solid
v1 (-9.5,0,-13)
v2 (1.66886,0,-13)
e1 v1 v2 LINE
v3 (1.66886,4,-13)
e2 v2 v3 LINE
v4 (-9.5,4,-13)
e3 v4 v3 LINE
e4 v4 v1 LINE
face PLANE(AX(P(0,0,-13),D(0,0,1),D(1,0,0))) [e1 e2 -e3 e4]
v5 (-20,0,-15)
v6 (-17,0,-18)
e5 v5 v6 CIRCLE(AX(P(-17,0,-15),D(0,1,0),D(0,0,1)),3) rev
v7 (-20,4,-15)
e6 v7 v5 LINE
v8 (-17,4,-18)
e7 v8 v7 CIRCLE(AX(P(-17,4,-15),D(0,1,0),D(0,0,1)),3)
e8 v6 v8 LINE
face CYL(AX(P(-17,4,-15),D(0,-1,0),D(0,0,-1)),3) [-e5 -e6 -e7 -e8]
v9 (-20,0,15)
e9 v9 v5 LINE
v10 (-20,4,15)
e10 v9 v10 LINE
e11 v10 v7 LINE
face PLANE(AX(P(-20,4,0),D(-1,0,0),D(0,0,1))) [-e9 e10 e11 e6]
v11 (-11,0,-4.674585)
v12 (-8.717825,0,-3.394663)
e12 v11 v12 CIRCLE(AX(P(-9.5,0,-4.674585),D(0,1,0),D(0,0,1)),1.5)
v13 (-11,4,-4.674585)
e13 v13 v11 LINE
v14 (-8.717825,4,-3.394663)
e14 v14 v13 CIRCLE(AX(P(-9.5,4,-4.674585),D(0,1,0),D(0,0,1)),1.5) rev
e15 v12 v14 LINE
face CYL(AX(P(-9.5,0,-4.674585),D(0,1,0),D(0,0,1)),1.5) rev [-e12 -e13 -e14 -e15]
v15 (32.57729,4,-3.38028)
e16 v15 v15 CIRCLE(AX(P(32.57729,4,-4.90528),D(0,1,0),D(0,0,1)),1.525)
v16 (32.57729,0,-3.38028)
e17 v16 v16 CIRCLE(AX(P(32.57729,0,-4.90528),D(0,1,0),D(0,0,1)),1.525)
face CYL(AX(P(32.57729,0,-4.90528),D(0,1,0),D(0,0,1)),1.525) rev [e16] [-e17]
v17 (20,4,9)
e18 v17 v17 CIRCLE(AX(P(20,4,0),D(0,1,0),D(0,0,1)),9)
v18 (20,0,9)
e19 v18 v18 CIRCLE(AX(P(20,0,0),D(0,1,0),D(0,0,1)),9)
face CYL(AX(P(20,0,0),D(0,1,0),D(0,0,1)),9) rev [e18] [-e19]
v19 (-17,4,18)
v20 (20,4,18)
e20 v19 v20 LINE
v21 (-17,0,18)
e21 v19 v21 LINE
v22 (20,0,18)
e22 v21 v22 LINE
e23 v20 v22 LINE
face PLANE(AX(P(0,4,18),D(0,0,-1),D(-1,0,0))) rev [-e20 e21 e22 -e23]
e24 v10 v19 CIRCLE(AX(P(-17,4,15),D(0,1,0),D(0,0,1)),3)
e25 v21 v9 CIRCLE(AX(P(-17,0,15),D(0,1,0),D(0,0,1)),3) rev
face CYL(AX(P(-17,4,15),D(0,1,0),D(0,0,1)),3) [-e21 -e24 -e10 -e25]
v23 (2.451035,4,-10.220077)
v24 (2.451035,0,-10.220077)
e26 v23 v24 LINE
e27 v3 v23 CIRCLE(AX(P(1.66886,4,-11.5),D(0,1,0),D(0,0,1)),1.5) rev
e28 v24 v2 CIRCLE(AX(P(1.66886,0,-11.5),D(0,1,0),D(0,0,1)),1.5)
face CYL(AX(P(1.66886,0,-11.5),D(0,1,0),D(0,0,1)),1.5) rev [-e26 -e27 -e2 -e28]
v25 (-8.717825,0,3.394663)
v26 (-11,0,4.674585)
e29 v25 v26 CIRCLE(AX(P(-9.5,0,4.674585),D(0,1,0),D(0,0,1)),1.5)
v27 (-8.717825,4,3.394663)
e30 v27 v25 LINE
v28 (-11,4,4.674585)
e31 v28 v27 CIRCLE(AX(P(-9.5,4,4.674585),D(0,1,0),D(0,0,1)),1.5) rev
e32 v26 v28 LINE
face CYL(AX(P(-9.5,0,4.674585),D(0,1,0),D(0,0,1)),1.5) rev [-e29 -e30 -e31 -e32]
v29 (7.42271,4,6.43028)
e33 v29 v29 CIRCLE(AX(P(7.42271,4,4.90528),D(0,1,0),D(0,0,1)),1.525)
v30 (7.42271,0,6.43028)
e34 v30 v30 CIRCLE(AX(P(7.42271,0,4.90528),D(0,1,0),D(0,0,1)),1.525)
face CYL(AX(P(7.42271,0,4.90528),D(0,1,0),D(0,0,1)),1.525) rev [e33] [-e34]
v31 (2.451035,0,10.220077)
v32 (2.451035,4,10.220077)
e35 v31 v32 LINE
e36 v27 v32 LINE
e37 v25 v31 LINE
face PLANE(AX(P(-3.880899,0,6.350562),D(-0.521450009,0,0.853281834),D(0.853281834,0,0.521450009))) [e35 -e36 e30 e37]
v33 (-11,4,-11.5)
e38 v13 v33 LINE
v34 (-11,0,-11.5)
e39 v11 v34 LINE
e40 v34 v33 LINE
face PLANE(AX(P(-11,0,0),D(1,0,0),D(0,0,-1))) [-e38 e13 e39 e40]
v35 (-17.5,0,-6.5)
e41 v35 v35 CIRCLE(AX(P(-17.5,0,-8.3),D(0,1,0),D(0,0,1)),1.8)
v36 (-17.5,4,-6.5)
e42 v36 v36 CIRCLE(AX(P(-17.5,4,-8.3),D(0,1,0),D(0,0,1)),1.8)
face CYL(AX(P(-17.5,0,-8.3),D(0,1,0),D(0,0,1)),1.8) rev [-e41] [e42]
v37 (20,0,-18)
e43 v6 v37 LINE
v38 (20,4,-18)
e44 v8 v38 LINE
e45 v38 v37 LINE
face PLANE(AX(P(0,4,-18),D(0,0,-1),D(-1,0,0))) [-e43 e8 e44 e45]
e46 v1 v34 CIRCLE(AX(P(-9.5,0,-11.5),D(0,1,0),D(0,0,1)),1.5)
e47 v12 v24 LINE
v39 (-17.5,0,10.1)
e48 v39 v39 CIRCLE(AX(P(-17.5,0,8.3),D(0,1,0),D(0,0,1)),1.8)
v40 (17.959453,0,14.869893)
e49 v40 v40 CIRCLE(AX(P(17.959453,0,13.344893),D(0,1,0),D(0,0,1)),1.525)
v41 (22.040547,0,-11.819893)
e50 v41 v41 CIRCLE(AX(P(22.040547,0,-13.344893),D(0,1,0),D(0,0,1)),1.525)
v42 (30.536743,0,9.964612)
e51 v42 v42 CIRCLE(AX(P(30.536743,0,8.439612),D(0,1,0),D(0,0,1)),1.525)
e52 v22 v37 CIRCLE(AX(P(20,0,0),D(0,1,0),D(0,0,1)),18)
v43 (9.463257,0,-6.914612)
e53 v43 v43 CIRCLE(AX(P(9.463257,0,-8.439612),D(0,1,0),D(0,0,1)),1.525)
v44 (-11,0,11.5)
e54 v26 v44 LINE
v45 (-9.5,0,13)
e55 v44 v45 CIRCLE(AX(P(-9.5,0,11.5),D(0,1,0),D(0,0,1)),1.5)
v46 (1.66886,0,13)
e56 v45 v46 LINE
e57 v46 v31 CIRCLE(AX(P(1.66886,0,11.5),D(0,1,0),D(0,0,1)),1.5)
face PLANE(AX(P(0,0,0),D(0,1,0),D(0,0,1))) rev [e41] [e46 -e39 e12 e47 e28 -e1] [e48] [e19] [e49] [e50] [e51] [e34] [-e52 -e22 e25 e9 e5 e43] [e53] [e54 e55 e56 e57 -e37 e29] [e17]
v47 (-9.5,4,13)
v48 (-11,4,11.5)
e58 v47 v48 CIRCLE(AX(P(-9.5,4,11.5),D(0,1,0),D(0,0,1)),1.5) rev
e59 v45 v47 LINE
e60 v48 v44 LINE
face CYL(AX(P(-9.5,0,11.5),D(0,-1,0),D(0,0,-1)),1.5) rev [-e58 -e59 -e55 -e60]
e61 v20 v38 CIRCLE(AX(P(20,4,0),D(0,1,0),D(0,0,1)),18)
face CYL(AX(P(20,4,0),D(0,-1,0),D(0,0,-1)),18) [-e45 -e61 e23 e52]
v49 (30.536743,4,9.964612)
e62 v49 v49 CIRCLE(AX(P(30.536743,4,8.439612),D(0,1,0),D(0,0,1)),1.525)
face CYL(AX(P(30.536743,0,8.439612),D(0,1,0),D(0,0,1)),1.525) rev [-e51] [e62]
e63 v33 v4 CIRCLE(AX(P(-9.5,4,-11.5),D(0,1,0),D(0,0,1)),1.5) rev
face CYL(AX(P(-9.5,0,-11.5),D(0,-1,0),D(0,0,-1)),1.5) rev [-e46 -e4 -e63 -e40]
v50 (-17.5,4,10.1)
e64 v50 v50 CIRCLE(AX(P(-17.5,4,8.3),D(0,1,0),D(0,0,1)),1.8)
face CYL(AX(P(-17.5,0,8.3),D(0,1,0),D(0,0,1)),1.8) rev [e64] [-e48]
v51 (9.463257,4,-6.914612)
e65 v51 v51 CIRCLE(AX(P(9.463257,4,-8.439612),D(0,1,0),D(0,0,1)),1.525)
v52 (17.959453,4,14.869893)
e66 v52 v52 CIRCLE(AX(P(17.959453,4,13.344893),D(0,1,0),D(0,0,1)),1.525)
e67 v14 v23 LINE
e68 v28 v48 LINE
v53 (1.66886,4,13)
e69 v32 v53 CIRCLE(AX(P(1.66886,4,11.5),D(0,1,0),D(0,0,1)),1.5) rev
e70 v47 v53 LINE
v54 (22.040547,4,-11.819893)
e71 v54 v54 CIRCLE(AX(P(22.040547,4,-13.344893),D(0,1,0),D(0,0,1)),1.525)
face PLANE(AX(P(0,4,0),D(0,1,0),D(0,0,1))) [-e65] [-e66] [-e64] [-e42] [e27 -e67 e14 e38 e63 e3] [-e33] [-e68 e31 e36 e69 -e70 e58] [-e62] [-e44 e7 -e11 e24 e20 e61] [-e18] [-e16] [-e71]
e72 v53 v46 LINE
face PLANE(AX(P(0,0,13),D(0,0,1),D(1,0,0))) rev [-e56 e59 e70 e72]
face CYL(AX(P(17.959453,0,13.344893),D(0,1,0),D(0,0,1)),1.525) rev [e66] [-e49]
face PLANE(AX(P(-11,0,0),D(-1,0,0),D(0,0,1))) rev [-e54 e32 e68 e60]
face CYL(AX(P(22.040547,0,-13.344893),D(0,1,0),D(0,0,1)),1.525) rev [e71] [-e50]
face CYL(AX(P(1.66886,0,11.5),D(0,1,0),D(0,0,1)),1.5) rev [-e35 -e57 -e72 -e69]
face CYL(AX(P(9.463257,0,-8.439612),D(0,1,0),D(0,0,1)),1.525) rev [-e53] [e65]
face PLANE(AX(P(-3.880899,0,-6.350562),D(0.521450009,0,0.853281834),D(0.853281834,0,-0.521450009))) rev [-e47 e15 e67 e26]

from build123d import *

# Parameters (mm, degrees)
EXTRUDE_1_DEPTH        = 4
SKETCH_2_R             = 1.525
CUT_EXTRUDE_1_DEPTH    = 5
FILLET_1_R             = 3
SKETCH_3_R             = 1.8
CUT_EXTRUDE_5_DEPTH    = 5
CUT_EXTRUDE_3_DEPTH    = 5
FILLET_2_R             = 1.5
FILLET_2_OF_MIRROR_1_R = 1.5
SKETCH_5_R             = 9
CUT_EXTRUDE_4_DEPTH    = 5


with BuildPart() as part:
    # 草图1 → 凸台-拉伸1 (new body)
    with BuildSketch(Plane(origin=(0, 0, 0), x_dir=(1, 0, 0), z_dir=(0, 1, 0))):
        with BuildLine():
            Line((-20, 18), (-20, -18))
            Line((-20, -18), (20, -18))
            ThreePointArc((20, -18), (2, 0), (20, 18))
            Line((20, 18), (-20, 18))
        make_face()
        with BuildLine():
            ThreePointArc((20, 18), (2, 0), (20, -18))
            Line((20, -18), (20, 18))
        make_face()
        with BuildLine():
            Line((20, 18), (20, -18))
            ThreePointArc((20, -18), (32.727922061, -12.727922061), (38, 0))
            ThreePointArc((38, 0), (32.727922061, 12.727922061), (20, 18))
        make_face()
    extrude(amount=EXTRUDE_1_DEPTH)

    # 草图2 → 切除-拉伸1 (cut, through all)
    with BuildSketch(Plane(origin=(0, 4, 0), x_dir=(1, 0, 0), z_dir=(0, 1, 0))):
        with Locations((9.463257492, 8.439612392)):
            Circle(SKETCH_2_R)
        with Locations((7.422710017, -4.905280489)):
            Circle(SKETCH_2_R)
        with Locations((30.536742508, -8.439612392)):
            Circle(SKETCH_2_R)
        with Locations((17.959452524, -13.344892881)):
            Circle(SKETCH_2_R)
        with Locations((32.577289983, 4.905280489)):
            Circle(SKETCH_2_R)
        with Locations((22.040547476, 13.344892881)):
            Circle(SKETCH_2_R)
    extrude(amount=-CUT_EXTRUDE_1_DEPTH, mode=Mode.SUBTRACT)

    # 圆角1
    fillet_1_edges = [part.edges().sort_by_distance(p)[0] for p in [
        (-20, 2, 18),
        (-20, 2, -18),
    ]]
    fillet(fillet_1_edges, radius=FILLET_1_R)

    # 草图3 → 切除-拉伸5 (cut, through all)
    with BuildSketch(Plane(origin=(0, 4, 0), x_dir=(1, 0, 0), z_dir=(0, 1, 0))):
        with Locations((-17.5, -8.3)):
            Circle(SKETCH_3_R)
        with Locations((-17.5, 8.3)):
            Circle(SKETCH_3_R)
    extrude(amount=-CUT_EXTRUDE_5_DEPTH, mode=Mode.SUBTRACT)

    # 草图4 → 切除-拉伸3 (cut, through all)
    with BuildSketch(Plane(origin=(0, 4, 0), x_dir=(1, 0, 0), z_dir=(0, 1, 0))):
        Polygon((-11, 2), (-11, 13), (7, 13), align=None)
    cut_extrude_3 = extrude(amount=-CUT_EXTRUDE_3_DEPTH, mode=Mode.SUBTRACT)

    # 圆角2
    fillet_2_edges = [part.edges().sort_by_distance(p)[0] for p in [
        (-11, 2, -2),
        (-11, 2, -13),
        (7, 2, -13),
    ]]
    fillet(fillet_2_edges, radius=FILLET_2_R)

    # 镜向1: 切除-拉伸3 across plane
    add(cut_extrude_3.mirror(Plane.XY), mode=Mode.SUBTRACT)

    # 圆角2 of 镜向1
    fillet_2_of_mirror_1_edges = [part.edges().sort_by_distance(p)[0] for p in [
        (-11, 2, 2),
        (-11, 2, 13),
        (7, 2, 13),
    ]]
    fillet(fillet_2_of_mirror_1_edges, radius=FILLET_2_OF_MIRROR_1_R)

    # 草图5 → 切除-拉伸4 (cut, through all)
    with BuildSketch(Plane(origin=(0, 4, 0), x_dir=(1, 0, 0), z_dir=(0, 1, 0))):
        with Locations((20, 0)):
            Circle(SKETCH_5_R)
    extrude(amount=-CUT_EXTRUDE_4_DEPTH, mode=Mode.SUBTRACT)


solid = part.part
